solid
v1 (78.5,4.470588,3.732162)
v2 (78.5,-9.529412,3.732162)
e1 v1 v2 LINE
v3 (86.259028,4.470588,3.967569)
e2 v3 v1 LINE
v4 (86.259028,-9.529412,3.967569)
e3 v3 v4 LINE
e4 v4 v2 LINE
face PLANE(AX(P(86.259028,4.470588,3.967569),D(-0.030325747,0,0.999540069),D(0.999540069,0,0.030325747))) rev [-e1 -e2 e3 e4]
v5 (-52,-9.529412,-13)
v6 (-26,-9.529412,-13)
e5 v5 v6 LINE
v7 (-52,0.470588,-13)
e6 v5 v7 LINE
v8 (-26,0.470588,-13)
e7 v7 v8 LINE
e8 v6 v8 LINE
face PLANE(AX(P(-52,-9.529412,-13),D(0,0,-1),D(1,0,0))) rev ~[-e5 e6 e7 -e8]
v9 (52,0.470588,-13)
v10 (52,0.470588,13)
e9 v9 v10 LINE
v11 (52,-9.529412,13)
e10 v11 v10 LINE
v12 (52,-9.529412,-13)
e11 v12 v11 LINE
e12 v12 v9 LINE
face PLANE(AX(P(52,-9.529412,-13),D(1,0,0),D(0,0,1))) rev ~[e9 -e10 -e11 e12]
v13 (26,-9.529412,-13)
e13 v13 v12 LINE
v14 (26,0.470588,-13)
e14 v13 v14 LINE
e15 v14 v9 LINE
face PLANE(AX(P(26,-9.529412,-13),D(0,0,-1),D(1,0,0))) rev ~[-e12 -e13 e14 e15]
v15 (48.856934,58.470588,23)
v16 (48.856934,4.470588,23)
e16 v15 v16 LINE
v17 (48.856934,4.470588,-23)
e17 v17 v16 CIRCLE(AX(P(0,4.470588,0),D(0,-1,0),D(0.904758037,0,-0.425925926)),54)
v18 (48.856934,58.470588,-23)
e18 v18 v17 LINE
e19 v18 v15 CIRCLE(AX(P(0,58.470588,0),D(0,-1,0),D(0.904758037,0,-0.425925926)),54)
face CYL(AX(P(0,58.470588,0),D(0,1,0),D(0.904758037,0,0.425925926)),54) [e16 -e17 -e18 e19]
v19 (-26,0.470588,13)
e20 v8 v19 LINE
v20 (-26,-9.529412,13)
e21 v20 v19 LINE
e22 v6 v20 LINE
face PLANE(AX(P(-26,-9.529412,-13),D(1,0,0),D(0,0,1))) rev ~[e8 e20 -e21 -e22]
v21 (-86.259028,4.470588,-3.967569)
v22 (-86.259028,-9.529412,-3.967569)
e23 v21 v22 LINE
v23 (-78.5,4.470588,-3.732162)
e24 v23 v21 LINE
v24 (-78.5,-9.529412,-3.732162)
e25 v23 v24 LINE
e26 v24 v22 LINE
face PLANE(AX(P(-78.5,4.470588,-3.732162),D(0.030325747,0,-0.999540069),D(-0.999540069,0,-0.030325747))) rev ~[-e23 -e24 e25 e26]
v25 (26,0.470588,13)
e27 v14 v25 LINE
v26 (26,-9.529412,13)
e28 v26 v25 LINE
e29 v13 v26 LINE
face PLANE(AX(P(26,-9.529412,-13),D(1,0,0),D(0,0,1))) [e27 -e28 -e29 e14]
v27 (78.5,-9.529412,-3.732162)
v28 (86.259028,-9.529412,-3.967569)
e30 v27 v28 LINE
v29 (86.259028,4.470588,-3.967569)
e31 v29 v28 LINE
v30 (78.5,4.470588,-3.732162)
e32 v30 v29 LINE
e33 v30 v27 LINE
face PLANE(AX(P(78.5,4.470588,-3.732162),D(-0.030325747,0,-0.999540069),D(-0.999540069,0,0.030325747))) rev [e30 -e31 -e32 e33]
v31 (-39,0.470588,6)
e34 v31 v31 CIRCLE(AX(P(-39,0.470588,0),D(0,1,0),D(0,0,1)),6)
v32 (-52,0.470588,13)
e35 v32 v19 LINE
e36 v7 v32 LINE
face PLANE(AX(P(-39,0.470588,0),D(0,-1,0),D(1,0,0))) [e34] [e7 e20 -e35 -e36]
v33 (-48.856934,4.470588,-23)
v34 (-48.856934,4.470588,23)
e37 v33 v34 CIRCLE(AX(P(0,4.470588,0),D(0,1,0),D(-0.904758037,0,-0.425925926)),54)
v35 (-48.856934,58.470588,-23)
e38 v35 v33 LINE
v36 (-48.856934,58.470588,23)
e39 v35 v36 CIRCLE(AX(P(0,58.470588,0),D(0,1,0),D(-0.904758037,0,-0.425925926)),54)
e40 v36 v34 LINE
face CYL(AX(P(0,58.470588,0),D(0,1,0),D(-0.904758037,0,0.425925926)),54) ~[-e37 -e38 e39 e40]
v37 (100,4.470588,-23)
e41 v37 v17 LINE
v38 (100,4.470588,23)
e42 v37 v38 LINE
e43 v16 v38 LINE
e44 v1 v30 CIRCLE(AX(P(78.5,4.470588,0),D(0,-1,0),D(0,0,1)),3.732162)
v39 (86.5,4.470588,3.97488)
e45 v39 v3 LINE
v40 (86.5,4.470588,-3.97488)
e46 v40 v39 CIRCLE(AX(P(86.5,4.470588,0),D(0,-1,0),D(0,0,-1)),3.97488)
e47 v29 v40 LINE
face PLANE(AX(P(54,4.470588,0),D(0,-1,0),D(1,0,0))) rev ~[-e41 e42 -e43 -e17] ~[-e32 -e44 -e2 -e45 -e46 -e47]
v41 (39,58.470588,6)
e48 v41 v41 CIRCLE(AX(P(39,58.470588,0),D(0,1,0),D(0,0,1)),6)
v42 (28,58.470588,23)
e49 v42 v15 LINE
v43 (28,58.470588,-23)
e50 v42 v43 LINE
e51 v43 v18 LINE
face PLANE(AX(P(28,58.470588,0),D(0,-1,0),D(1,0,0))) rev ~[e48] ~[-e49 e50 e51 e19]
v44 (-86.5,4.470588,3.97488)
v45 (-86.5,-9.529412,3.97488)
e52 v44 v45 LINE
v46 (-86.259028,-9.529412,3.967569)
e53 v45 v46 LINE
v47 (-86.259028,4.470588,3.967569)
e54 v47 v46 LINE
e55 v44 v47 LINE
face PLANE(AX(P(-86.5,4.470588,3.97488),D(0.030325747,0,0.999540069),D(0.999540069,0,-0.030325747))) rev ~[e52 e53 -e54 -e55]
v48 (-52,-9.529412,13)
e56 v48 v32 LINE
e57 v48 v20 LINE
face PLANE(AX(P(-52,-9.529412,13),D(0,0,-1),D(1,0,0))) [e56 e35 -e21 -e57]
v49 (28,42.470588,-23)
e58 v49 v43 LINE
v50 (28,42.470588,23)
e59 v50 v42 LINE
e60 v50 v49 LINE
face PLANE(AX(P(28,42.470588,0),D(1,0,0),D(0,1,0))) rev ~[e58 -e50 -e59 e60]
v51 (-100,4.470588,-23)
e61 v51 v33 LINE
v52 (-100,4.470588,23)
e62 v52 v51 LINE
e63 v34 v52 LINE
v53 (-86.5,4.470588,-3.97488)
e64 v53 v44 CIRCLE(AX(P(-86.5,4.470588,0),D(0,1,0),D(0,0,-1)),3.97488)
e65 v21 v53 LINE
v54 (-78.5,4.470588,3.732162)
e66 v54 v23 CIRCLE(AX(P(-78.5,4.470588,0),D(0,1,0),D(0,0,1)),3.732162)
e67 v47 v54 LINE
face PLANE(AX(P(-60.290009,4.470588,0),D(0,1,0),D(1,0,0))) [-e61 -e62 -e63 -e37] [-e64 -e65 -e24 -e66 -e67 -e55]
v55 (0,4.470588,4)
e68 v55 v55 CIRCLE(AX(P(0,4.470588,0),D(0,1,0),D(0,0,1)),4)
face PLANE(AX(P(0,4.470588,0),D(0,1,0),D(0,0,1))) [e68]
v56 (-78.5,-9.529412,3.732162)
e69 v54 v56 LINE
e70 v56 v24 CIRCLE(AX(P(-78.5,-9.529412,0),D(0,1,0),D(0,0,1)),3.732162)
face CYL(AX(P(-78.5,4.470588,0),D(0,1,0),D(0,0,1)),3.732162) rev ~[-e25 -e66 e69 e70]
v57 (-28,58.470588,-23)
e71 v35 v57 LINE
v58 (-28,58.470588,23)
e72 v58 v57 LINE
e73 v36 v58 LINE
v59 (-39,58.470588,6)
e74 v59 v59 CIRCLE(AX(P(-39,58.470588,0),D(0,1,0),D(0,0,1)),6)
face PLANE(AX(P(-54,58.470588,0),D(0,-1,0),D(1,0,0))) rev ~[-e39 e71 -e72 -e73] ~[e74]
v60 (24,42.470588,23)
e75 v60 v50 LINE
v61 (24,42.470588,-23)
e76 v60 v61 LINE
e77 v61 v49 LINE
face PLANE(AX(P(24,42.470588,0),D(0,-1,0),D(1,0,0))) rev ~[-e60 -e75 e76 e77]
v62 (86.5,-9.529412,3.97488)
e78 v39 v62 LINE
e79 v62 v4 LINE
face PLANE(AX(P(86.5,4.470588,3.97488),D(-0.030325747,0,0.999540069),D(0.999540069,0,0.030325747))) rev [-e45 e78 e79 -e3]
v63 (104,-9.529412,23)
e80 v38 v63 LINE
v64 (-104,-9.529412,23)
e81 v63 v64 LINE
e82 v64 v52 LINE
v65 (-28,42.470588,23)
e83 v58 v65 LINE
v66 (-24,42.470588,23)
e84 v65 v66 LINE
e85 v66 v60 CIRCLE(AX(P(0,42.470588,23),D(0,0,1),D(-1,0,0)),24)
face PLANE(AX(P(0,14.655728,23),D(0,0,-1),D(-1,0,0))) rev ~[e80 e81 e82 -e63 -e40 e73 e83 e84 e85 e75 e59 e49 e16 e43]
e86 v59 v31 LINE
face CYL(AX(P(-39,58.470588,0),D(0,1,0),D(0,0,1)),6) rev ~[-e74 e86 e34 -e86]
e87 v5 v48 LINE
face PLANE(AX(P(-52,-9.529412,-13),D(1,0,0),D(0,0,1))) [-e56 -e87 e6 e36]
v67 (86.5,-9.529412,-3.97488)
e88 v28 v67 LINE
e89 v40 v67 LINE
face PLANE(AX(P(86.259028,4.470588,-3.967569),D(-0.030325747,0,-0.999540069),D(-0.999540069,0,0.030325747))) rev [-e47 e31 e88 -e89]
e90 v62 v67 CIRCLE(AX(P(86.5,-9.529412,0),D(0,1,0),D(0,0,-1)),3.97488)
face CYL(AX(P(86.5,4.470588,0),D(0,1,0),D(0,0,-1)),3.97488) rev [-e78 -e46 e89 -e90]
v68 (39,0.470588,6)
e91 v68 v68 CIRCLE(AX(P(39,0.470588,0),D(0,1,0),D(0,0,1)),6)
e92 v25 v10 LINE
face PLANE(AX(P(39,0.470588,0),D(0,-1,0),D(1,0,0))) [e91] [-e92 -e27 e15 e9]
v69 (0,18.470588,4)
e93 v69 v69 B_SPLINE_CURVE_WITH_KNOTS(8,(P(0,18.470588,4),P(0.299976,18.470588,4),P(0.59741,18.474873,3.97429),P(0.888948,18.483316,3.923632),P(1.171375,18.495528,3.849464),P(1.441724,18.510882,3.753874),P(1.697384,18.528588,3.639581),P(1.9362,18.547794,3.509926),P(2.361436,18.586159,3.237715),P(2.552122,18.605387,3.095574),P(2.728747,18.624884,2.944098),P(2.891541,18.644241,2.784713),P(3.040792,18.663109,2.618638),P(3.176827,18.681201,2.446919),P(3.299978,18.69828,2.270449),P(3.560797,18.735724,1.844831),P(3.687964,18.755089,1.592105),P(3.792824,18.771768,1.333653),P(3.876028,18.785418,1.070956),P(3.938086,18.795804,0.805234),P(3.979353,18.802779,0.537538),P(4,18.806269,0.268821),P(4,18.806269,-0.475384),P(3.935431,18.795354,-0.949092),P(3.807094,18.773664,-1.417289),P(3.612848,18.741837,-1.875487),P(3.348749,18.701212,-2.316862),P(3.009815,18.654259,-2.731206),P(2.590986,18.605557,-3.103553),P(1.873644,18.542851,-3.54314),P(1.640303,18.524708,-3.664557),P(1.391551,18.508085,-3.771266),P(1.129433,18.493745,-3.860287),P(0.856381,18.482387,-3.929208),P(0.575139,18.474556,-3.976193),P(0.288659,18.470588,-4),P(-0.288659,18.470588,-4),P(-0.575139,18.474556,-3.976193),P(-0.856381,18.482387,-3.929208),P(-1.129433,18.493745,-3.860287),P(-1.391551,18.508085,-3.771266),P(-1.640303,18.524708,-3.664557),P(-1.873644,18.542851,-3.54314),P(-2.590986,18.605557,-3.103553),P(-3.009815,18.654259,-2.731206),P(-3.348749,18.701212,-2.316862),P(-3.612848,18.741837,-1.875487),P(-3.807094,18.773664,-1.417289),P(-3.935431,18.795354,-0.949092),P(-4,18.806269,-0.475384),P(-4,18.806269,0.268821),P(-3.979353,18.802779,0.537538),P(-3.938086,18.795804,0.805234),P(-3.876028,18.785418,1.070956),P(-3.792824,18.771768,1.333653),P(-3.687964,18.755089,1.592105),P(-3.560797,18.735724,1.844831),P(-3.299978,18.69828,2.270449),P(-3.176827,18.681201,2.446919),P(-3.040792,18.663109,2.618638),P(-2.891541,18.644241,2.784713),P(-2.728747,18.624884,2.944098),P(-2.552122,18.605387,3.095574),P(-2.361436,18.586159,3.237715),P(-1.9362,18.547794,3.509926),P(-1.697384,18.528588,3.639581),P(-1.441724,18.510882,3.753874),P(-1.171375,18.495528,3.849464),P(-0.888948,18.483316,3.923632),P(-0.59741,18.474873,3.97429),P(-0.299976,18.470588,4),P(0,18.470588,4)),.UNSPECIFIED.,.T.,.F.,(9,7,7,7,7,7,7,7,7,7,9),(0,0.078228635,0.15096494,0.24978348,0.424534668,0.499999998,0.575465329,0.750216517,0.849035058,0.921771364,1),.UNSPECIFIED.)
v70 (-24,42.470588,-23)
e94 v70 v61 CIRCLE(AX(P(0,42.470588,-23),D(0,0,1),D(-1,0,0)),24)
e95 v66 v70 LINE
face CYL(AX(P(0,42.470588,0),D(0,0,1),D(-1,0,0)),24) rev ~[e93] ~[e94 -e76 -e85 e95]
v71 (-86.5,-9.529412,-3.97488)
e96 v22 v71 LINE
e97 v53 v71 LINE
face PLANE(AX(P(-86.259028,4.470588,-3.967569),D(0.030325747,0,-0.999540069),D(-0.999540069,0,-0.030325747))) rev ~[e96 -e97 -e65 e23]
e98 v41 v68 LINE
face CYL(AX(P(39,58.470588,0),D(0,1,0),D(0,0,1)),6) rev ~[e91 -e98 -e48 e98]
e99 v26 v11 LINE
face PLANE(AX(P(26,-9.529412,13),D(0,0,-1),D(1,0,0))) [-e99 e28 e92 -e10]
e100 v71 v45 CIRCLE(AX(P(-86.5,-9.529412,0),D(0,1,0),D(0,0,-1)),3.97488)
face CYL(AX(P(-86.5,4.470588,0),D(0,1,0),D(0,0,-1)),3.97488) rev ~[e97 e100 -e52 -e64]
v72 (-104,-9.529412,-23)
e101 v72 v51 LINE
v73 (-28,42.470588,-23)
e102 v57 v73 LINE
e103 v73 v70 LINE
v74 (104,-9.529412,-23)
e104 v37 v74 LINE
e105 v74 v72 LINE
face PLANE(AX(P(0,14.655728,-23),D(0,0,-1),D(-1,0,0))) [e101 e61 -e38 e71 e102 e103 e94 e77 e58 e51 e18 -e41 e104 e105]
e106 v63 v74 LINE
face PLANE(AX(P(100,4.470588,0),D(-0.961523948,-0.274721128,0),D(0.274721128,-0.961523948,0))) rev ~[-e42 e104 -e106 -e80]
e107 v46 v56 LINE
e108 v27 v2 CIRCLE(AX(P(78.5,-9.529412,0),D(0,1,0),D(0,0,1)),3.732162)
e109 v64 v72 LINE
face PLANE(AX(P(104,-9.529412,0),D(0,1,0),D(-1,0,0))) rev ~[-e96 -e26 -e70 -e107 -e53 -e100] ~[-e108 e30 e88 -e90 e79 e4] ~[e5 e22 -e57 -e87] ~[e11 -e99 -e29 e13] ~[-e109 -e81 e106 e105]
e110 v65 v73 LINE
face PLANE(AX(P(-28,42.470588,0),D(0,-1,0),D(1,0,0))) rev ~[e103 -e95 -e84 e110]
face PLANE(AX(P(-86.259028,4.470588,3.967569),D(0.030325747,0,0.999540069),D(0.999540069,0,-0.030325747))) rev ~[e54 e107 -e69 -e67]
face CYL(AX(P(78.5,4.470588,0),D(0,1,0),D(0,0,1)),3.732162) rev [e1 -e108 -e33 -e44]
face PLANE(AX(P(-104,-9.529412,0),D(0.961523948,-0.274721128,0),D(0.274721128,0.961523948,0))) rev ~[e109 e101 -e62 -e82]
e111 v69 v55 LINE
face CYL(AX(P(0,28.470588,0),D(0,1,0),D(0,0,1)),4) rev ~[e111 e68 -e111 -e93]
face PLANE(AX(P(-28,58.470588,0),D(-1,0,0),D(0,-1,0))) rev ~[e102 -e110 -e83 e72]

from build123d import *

# Parameters (mm, degrees)
BOSS_EXTRUDE1_DEPTH = 23
SKETCH2_R           = 6
CUT_EXTRUDE1_DEPTH  = 127.368508735
CUT_EXTRUDE2_DEPTH  = 54
CUT_EXTRUDE3_DEPTH  = 120.419428905
SKETCH5_R           = 4
CUT_EXTRUDE18_DEPTH = 24
SKETCH6_W           = 26
SKETCH6_H           = 26
CUT_EXTRUDE19_DEPTH = 10


with BuildPart() as part:
    # Sketch1 → Boss-Extrude1 (new, symmetric)
    with BuildSketch(Plane.XY):
        with BuildLine():
            Line((100, 4.470588235), (104, -9.529411765))
            Line((104, -9.529411765), (-104, -9.529411765))
            Line((-104, -9.529411765), (-100, 4.470588235))
            Line((-100, 4.470588235), (-54, 4.470588235))
            Line((-54, 4.470588235), (-54, 58.470588235))
            Line((-54, 58.470588235), (-28, 58.470588235))
            Line((-28, 58.470588235), (-28, 42.470588235))
            Line((-28, 42.470588235), (-24, 42.470588235))
            ThreePointArc((-24, 42.470588235), (0, 18.470588235), (24, 42.470588235))
            Line((24, 42.470588235), (28, 42.470588235))
            Line((28, 42.470588235), (28, 58.470588235))
            Line((28, 58.470588235), (54, 58.470588235))
            Line((54, 58.470588235), (54, 4.470588235))
            Line((54, 4.470588235), (100, 4.470588235))
        make_face()
    extrude(amount=BOSS_EXTRUDE1_DEPTH, both=True)

    # Sketch2 → Cut-Extrude1 (cut, through all)
    with BuildSketch(Plane(origin=(0, 58.470588235, 0), x_dir=(1, 0, 0), z_dir=(0, 1, 0))):
        with Locations(Location((-39, 0, 0), (0, 0, 270))):
            Circle(SKETCH2_R)
        with Locations(Location((39, 0, 0), (0, 0, 270))):
            Circle(SKETCH2_R)
    extrude(amount=-CUT_EXTRUDE1_DEPTH, mode=Mode.SUBTRACT)

    # Sketch3 → Cut-Extrude2 (cut)
    with BuildSketch(Plane(origin=(0, 58.470588235, 0), x_dir=(1, 0, 0), z_dir=(0, 1, 0))):
        with BuildLine():
            Line((-48.856934001, 23), (-69.801648505, 23))
            Line((-69.801648505, 23), (-69.801648505, -23))
            Line((-69.801648505, -23), (-48.856934001, -23))
            ThreePointArc((-48.856934001, -23), (-54, 0), (-48.856934001, 23))
        make_face()
        with BuildLine():
            Line((69.801648505, -23), (48.856934001, -23))
            ThreePointArc((48.856934001, -23), (54, 0), (48.856934001, 23))
            Line((48.856934001, 23), (69.801648505, 23))
            Line((69.801648505, 23), (69.801648505, -23))
        make_face()
    extrude(amount=-CUT_EXTRUDE2_DEPTH, mode=Mode.SUBTRACT)

    # Sketch4 → Cut-Extrude3 (cut, through all)
    with BuildSketch(Plane(origin=(0, 4.470588235, 0), x_dir=(1, 0, 0), z_dir=(0, 1, 0))):
        with BuildLine():
            Line((-86.259028478, 3.967568831), (-86.5, 3.974879835))
            ThreePointArc((-86.5, 3.974879835), (-90.474879835, 0), (-86.5, -3.974879835))
            Line((-86.5, -3.974879835), (-86.259028478, -3.967568831))
            Line((-86.259028478, -3.967568831), (-78.5, -3.732162222))
            ThreePointArc((-78.5, -3.732162222), (-74.767837778, 0), (-78.5, 3.732162222))
            Line((-78.5, 3.732162222), (-86.259028478, 3.967568831))
        make_face()
    cut_extrude3 = extrude(amount=-CUT_EXTRUDE3_DEPTH, mode=Mode.SUBTRACT)

    # Mirror1: Cut-Extrude3 across plane
    add(cut_extrude3.mirror(Plane(origin=(0, 0, 0), x_dir=(0, 0, 1), z_dir=(1, 0, 0))), mode=Mode.SUBTRACT)

    # Sketch5 → Cut-Extrude18 (cut)
    with BuildSketch(Plane(origin=(0, 28.470588235, 0), x_dir=(1, 0, 0), z_dir=(0, 1, 0))):
        with Locations(Location((0, 0, 0), (0, 0, 270))):
            Circle(SKETCH5_R)
    extrude(amount=-CUT_EXTRUDE18_DEPTH, mode=Mode.SUBTRACT)

    # Sketch6 → Cut-Extrude19 (cut)
    with BuildSketch(Plane.XZ.offset(9.529411765)):
        with Locations((-39, 0)):
            Rectangle(SKETCH6_W, SKETCH6_H)
        with Locations((39, 0)):
            Rectangle(SKETCH6_W, SKETCH6_H)
    extrude(amount=-CUT_EXTRUDE19_DEPTH, mode=Mode.SUBTRACT)


solid = part.part
